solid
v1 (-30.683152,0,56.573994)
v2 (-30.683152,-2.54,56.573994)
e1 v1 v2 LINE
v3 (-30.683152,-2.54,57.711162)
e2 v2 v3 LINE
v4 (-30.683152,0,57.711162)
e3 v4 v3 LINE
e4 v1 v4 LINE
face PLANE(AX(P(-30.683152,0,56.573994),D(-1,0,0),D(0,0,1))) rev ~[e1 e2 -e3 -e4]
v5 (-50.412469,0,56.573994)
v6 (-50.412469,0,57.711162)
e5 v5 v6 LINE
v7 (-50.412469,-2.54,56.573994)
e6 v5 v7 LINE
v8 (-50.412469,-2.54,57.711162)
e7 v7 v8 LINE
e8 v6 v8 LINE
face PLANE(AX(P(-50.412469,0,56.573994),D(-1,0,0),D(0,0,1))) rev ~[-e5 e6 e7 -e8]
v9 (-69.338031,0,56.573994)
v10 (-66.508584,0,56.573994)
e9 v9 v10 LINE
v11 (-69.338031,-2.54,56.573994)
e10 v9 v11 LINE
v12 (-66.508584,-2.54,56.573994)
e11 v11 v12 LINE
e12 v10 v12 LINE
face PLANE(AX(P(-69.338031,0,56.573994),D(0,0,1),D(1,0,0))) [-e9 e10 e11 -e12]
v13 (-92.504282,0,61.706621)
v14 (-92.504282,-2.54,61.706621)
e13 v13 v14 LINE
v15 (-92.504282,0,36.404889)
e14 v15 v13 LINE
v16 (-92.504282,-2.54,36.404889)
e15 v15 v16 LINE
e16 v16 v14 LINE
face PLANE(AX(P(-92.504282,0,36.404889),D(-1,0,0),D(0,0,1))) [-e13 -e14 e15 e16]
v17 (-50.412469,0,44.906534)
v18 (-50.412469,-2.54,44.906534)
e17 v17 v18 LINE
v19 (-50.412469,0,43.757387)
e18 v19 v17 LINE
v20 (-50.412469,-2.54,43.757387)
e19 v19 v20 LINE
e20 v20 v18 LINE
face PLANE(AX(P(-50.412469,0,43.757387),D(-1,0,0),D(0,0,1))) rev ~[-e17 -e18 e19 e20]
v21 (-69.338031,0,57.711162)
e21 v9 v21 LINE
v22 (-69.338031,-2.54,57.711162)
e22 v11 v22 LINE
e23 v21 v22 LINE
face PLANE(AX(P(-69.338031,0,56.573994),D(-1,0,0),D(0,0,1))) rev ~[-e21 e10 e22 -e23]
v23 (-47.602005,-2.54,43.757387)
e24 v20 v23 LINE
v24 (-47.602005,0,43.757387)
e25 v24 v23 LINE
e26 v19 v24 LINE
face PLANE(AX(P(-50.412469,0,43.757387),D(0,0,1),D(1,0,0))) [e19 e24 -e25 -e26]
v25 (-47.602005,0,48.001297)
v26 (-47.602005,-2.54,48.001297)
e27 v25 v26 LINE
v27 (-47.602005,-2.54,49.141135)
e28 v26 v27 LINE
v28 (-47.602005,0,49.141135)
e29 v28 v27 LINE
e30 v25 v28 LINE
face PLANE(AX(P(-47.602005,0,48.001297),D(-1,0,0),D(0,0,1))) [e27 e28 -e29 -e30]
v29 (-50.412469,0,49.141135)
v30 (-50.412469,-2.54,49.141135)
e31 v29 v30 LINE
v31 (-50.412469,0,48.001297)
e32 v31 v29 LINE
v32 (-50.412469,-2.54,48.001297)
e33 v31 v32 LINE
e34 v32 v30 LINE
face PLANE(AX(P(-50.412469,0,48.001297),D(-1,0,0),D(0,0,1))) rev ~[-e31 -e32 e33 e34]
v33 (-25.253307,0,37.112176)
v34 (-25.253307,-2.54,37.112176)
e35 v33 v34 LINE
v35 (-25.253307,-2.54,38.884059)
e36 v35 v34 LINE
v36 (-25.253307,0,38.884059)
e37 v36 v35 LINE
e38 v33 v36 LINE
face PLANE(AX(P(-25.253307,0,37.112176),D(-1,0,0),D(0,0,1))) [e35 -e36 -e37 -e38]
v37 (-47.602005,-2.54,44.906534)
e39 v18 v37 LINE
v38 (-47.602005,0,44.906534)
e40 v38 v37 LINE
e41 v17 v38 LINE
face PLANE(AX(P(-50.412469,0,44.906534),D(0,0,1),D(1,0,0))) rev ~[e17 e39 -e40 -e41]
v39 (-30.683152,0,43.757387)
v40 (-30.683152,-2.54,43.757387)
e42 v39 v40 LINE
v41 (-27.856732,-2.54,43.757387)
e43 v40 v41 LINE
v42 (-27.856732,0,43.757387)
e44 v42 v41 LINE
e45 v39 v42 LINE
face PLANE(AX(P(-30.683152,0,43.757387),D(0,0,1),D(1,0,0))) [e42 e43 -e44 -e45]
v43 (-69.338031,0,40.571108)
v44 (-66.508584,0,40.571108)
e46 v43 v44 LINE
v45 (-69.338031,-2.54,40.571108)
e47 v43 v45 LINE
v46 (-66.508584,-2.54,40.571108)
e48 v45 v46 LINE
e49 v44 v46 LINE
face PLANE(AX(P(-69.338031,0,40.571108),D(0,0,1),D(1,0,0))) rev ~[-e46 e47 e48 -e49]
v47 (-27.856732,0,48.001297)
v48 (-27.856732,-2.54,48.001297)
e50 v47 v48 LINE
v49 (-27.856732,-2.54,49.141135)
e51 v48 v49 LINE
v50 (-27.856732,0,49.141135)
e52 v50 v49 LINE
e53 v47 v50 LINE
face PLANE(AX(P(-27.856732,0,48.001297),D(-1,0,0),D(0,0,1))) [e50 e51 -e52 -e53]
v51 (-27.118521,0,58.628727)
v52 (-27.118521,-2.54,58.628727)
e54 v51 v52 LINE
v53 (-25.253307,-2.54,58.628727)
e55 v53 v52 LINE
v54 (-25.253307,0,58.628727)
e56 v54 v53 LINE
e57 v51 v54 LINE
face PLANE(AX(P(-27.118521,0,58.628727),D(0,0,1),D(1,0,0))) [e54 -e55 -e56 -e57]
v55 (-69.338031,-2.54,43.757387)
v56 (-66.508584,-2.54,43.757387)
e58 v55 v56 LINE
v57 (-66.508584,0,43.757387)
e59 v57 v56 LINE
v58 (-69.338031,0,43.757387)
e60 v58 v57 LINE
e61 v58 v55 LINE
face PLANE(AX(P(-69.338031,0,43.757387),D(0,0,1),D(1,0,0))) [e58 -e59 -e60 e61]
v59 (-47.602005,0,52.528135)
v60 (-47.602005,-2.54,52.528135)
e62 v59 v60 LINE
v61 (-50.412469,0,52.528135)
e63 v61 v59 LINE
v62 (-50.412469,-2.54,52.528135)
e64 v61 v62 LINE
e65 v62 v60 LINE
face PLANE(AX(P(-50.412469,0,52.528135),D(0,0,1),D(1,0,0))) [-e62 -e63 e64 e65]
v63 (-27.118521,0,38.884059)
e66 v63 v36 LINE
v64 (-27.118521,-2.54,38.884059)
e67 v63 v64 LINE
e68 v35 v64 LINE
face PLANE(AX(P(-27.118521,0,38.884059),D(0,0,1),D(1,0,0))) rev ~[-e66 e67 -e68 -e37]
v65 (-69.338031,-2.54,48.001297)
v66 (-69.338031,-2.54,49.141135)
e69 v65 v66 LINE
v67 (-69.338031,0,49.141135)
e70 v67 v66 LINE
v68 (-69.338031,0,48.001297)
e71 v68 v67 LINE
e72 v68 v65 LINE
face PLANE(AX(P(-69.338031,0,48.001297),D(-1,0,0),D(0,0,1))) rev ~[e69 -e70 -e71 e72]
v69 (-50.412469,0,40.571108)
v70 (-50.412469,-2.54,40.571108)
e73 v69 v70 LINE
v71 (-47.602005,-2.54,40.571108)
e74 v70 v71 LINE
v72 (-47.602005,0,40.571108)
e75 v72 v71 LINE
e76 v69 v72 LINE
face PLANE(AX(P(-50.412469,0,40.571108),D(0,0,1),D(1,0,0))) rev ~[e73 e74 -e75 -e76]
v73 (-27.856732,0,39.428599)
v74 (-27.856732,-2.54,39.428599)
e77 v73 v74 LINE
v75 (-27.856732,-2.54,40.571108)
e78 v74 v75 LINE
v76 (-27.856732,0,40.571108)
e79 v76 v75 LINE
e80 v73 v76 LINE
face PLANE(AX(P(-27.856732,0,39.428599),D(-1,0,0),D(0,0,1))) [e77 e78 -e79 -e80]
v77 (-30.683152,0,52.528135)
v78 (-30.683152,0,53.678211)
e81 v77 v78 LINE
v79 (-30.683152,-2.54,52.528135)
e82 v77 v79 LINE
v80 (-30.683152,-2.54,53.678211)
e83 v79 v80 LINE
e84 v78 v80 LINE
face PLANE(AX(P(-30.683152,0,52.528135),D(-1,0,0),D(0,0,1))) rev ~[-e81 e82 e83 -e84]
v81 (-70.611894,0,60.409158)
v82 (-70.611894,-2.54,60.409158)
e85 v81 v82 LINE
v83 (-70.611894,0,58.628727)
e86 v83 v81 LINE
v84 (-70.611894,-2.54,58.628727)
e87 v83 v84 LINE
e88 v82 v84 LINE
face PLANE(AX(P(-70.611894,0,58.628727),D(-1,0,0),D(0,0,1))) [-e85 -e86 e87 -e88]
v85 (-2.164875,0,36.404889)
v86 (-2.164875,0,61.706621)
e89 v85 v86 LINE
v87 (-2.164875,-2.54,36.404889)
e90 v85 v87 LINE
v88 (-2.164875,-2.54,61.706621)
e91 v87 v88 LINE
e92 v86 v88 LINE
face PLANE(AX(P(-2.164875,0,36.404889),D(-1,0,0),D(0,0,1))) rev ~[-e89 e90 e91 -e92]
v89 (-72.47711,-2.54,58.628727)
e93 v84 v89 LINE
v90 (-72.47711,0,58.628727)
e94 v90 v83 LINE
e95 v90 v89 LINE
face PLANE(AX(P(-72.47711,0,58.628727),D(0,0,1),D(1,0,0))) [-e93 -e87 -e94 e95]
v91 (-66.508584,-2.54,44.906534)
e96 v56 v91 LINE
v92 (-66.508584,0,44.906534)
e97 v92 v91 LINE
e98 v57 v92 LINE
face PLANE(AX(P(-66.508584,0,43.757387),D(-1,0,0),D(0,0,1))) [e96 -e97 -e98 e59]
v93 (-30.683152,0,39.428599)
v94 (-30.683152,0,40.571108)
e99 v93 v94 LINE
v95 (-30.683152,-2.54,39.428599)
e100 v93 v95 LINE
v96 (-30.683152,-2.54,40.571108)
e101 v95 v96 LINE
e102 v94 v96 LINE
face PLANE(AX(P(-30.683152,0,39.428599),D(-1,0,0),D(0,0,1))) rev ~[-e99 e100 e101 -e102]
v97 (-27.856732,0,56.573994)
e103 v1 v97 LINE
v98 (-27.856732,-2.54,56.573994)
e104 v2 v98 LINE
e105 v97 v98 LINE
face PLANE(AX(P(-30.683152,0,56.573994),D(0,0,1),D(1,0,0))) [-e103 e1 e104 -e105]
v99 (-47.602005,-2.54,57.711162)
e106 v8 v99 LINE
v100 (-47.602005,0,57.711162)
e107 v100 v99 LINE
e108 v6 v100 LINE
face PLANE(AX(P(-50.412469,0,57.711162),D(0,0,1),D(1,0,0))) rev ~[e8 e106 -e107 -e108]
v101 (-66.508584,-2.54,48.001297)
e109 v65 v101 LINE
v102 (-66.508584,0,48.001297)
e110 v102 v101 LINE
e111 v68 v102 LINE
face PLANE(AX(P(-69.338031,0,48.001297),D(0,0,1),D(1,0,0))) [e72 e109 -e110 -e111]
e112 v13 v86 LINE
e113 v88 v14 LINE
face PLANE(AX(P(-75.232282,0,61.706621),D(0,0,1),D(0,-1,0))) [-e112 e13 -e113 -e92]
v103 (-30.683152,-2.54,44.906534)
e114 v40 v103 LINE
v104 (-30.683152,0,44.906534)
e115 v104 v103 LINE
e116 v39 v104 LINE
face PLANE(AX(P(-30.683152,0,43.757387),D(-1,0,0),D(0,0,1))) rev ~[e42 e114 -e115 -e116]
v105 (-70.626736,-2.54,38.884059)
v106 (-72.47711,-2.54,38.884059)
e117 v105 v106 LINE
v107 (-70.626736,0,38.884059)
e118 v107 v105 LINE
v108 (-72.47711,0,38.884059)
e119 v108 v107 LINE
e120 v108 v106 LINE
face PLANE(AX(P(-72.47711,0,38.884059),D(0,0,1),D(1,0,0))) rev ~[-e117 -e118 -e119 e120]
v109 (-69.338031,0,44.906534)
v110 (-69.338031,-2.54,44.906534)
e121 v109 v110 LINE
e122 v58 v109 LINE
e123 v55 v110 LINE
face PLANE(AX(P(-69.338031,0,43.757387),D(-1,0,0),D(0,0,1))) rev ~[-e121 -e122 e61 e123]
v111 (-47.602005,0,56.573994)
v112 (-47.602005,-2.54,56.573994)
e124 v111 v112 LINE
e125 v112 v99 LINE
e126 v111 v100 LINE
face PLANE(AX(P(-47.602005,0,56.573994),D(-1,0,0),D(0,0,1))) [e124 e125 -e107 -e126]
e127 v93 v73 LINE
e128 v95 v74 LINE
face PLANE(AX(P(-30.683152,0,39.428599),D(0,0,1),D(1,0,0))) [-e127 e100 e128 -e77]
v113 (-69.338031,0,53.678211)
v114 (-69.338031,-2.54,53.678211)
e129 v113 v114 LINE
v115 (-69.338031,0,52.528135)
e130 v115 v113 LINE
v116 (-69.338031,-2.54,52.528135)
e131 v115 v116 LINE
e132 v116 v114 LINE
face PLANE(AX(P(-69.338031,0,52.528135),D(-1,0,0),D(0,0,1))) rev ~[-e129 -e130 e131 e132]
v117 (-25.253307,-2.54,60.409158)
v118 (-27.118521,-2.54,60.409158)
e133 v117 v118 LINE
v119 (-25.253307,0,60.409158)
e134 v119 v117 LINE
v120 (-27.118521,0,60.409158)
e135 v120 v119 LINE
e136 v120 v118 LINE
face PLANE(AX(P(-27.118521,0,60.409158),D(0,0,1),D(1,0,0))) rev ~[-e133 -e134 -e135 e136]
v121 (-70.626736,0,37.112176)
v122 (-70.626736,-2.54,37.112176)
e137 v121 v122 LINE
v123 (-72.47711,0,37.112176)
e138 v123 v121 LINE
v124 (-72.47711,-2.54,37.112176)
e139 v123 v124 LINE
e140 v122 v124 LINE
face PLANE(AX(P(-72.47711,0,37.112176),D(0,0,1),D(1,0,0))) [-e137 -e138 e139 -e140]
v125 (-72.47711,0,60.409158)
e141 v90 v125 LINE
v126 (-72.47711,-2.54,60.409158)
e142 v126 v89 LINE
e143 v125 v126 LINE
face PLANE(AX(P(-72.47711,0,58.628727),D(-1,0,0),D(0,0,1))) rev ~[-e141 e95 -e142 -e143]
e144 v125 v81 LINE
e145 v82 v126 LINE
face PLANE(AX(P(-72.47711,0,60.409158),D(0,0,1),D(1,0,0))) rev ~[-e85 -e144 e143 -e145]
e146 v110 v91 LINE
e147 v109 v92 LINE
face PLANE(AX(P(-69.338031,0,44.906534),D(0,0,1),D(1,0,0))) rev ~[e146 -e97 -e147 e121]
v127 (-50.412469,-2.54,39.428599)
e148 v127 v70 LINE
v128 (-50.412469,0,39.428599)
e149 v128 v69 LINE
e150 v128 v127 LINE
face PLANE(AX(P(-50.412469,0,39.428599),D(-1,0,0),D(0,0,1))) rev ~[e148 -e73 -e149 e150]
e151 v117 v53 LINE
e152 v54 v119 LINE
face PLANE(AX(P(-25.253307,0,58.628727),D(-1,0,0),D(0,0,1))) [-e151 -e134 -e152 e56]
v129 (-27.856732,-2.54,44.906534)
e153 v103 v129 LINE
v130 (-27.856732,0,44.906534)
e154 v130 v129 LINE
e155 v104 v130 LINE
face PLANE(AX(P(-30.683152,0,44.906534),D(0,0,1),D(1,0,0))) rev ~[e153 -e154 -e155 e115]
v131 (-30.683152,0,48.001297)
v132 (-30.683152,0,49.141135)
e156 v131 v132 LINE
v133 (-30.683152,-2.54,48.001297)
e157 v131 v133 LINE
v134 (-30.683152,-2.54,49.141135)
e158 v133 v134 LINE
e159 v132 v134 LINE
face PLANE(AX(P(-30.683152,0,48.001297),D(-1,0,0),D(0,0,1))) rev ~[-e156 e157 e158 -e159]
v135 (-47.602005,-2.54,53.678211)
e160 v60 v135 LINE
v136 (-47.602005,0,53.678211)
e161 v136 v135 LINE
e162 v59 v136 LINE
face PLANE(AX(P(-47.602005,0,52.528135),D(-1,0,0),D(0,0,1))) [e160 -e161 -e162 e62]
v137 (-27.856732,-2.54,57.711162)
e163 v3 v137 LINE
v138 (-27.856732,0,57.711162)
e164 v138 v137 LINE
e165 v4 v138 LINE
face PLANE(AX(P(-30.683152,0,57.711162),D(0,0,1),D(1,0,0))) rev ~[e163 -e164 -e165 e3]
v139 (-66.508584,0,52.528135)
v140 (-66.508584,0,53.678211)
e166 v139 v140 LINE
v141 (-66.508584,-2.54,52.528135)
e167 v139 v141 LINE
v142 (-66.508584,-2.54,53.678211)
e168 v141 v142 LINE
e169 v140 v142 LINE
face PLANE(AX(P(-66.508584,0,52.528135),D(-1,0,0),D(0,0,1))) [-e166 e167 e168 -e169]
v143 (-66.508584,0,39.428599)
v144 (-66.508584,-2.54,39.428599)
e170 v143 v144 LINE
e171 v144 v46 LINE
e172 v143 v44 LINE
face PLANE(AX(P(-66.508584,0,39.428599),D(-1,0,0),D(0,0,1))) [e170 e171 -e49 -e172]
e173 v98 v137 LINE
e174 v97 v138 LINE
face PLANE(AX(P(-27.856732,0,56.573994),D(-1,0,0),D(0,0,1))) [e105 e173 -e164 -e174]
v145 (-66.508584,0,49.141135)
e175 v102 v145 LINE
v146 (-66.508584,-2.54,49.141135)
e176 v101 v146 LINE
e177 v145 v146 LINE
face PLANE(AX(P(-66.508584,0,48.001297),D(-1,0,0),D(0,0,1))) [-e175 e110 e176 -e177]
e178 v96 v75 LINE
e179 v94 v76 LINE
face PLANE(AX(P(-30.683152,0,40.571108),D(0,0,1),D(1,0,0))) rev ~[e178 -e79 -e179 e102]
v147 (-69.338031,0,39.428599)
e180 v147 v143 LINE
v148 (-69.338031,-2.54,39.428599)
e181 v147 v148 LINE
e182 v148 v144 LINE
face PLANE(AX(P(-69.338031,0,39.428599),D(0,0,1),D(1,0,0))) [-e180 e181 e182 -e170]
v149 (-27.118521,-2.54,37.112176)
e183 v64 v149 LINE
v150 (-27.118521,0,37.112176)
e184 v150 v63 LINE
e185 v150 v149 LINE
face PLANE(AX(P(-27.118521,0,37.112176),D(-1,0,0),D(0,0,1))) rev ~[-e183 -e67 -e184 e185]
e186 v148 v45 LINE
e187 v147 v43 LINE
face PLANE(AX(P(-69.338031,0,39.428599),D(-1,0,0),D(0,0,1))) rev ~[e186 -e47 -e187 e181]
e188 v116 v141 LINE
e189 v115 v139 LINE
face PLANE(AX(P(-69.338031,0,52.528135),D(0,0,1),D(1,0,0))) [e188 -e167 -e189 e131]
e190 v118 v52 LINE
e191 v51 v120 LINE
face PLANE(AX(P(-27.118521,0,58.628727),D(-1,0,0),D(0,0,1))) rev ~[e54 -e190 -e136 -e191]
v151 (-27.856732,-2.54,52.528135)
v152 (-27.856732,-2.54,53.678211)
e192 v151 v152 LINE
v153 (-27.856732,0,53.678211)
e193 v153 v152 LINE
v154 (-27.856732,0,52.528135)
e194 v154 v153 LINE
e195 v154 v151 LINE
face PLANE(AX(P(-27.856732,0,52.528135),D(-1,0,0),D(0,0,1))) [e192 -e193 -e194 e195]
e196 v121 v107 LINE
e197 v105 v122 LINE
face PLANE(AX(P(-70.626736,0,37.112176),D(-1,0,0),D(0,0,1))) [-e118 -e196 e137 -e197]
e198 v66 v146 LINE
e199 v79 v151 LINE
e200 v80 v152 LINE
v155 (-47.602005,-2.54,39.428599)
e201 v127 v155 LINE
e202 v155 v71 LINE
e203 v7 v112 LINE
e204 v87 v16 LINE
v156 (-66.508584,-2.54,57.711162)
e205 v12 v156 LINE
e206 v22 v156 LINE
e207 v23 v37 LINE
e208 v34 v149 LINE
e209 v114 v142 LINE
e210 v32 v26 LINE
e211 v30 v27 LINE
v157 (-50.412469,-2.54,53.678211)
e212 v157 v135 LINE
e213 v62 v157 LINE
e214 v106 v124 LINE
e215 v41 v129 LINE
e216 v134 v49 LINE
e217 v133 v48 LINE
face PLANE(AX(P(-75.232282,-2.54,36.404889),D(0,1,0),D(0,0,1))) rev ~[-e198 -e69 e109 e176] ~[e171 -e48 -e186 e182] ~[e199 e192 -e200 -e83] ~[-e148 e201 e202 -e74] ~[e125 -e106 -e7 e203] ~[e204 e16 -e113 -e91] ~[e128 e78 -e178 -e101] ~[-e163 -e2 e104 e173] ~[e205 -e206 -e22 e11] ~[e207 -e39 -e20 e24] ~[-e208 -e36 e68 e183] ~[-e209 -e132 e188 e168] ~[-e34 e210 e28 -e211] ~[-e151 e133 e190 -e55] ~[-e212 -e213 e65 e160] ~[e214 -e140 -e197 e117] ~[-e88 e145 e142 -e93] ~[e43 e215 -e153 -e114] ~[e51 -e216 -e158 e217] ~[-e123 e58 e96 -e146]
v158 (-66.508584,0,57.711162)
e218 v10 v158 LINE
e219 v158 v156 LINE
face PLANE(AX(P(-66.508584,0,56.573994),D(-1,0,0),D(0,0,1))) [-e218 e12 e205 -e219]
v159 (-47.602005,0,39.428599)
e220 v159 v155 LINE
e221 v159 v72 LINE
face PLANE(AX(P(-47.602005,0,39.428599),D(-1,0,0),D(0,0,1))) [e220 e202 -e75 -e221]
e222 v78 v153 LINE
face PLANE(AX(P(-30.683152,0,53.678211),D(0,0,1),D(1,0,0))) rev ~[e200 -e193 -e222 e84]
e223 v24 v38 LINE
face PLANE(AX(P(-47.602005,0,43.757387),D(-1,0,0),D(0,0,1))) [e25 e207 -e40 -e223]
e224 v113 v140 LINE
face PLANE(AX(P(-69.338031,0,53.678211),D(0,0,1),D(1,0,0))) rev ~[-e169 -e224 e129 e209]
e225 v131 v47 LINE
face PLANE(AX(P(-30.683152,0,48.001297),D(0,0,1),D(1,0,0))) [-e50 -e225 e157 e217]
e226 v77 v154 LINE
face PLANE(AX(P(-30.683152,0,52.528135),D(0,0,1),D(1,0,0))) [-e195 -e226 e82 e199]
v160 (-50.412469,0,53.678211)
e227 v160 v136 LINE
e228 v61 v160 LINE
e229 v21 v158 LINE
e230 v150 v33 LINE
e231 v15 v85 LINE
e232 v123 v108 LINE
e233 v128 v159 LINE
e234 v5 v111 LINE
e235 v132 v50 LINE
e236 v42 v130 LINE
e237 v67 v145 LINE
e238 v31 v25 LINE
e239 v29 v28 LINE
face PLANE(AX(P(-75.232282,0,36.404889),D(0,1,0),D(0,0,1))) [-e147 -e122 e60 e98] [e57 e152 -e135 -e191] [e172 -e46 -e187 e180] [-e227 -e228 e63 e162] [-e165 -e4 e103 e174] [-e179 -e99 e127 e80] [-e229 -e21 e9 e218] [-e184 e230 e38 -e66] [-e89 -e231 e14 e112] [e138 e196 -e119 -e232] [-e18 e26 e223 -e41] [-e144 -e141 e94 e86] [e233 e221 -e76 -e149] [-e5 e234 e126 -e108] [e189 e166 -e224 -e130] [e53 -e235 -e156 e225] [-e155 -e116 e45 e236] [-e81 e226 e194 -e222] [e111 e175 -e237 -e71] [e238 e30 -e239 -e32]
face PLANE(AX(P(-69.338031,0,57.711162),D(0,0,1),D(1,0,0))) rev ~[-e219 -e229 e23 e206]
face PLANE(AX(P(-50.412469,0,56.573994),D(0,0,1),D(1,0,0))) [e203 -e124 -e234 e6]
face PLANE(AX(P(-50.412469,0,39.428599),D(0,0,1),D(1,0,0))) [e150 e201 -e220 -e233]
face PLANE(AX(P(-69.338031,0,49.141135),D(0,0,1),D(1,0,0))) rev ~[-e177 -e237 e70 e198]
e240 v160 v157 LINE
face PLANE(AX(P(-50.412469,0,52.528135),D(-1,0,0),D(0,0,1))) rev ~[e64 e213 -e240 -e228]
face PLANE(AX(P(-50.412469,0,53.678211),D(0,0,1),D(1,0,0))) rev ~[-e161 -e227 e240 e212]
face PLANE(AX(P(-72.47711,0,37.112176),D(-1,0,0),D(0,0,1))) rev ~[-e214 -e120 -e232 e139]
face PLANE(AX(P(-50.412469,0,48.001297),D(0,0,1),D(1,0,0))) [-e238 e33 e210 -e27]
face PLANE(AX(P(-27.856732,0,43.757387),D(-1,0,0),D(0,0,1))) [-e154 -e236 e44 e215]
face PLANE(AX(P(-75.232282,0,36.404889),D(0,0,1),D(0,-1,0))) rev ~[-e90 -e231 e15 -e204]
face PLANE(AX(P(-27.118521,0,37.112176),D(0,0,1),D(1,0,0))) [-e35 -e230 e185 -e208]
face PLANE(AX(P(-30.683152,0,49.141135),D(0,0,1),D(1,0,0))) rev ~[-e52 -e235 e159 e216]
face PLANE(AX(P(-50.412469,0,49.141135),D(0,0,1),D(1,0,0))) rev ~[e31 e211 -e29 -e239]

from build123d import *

# Parameters (mm, degrees)
F0_W     = 59.3514069915
F0_H     = 25.3017321229
F0_W_2   = 2.8294473886
F0_H_2   = 1.1425092816
F0_W_3   = 2.8104633093
F0_H_3   = 1.1491477489
F0_H_4   = 1.1398382485
F0_W_4   = 2.8264205903
F0_H_5   = 1.1500753462
F0_H_6   = 1.1371672153
F2_DEPTH = 2.54
F1_W     = 1.8652155995
F1_H     = 1.7804317176
F1_W_2   = 1.8652137369
F1_W_3   = 1.850374043
F1_H_2   = 1.7718821764
F3_DEPTH = 25.4
F4_DEPTH = 13.716
F5_DEPTH = 17.272


with BuildPart() as f2:
    # F0 (on Front) → F2 (new body)
    with BuildSketch(Plane.XZ):
        with Locations((-45.5565787852, 49.0557551384)):
            Rectangle(F0_W, F0_H)
        with Locations((-67.9233074188, 39.9998538196)):
            Rectangle(F0_W_2, F0_H_2, mode=Mode.SUBTRACT)
        with Locations((-49.0072369576, 39.9998538196)):
            Rectangle(F0_W_3, F0_H_2, mode=Mode.SUBTRACT)
        with Locations((-67.9233074188, 44.3319603801)):
            Rectangle(F0_W_2, F0_H_3, mode=Mode.SUBTRACT)
        with Locations((-67.9233074188, 48.5712159425)):
            Rectangle(F0_W_2, F0_H_4, mode=Mode.SUBTRACT)
        with Locations((-49.0072369576, 44.3319603801)):
            Rectangle(F0_W_3, F0_H_3, mode=Mode.SUBTRACT)
        with Locations((-49.0072369576, 48.5712159425)):
            Rectangle(F0_W_3, F0_H_4, mode=Mode.SUBTRACT)
        with Locations((-29.2699420825, 39.9998538196)):
            Rectangle(F0_W_4, F0_H_2, mode=Mode.SUBTRACT)
        with Locations((-29.2699420825, 44.3319603801)):
            Rectangle(F0_W_4, F0_H_3, mode=Mode.SUBTRACT)
        with Locations((-29.2699420825, 48.5712159425)):
            Rectangle(F0_W_4, F0_H_4, mode=Mode.SUBTRACT)
        with Locations((-67.9233074188, 53.1031731516)):
            Rectangle(F0_W_2, F0_H_5, mode=Mode.SUBTRACT)
        with Locations((-49.0072369576, 53.1031731516)):
            Rectangle(F0_W_3, F0_H_5, mode=Mode.SUBTRACT)
        with Locations((-67.9233074188, 57.1425780654)):
            Rectangle(F0_W_2, F0_H_6, mode=Mode.SUBTRACT)
        with Locations((-49.0072369576, 57.1425780654)):
            Rectangle(F0_W_3, F0_H_6, mode=Mode.SUBTRACT)
        with Locations((-29.2699420825, 53.1031731516)):
            Rectangle(F0_W_4, F0_H_5, mode=Mode.SUBTRACT)
        with Locations((-29.2699420825, 57.1425780654)):
            Rectangle(F0_W_4, F0_H_6, mode=Mode.SUBTRACT)
    extrude(amount=F2_DEPTH)

    # F1 (on Front) → F3 (cut)
    with BuildSketch(Plane.XZ):
        with Locations((-71.5445019305, 59.5189426094)):
            Rectangle(F1_W, F1_H)
        with Locations((-26.1859139428, 59.5189426094)):
            Rectangle(F1_W_2, F1_H)
        with Locations((-71.5519227087, 37.9981175065)):
            Rectangle(F1_W_3, F1_H_2)
        with Locations((-26.1859139428, 37.9981175065)):
            Rectangle(F1_W_2, F1_H_2)
    extrude(amount=F3_DEPTH, mode=Mode.SUBTRACT)

    # F4 (add): a face of the model
    f4_faces = [f2.faces().sort_by_distance(p)[0] for p in [
        (-15.8808752894, -1.27, 49.0557551384),
    ]]
    extrude(f4_faces, amount=F4_DEPTH)

    # F5 (add): a face of the model
    f5_faces = [f2.faces().sort_by_distance(p)[0] for p in [
        (-75.2322822809, -1.27, 49.0557551384),
    ]]
    extrude(f5_faces, amount=F5_DEPTH)


solid = f2.part
